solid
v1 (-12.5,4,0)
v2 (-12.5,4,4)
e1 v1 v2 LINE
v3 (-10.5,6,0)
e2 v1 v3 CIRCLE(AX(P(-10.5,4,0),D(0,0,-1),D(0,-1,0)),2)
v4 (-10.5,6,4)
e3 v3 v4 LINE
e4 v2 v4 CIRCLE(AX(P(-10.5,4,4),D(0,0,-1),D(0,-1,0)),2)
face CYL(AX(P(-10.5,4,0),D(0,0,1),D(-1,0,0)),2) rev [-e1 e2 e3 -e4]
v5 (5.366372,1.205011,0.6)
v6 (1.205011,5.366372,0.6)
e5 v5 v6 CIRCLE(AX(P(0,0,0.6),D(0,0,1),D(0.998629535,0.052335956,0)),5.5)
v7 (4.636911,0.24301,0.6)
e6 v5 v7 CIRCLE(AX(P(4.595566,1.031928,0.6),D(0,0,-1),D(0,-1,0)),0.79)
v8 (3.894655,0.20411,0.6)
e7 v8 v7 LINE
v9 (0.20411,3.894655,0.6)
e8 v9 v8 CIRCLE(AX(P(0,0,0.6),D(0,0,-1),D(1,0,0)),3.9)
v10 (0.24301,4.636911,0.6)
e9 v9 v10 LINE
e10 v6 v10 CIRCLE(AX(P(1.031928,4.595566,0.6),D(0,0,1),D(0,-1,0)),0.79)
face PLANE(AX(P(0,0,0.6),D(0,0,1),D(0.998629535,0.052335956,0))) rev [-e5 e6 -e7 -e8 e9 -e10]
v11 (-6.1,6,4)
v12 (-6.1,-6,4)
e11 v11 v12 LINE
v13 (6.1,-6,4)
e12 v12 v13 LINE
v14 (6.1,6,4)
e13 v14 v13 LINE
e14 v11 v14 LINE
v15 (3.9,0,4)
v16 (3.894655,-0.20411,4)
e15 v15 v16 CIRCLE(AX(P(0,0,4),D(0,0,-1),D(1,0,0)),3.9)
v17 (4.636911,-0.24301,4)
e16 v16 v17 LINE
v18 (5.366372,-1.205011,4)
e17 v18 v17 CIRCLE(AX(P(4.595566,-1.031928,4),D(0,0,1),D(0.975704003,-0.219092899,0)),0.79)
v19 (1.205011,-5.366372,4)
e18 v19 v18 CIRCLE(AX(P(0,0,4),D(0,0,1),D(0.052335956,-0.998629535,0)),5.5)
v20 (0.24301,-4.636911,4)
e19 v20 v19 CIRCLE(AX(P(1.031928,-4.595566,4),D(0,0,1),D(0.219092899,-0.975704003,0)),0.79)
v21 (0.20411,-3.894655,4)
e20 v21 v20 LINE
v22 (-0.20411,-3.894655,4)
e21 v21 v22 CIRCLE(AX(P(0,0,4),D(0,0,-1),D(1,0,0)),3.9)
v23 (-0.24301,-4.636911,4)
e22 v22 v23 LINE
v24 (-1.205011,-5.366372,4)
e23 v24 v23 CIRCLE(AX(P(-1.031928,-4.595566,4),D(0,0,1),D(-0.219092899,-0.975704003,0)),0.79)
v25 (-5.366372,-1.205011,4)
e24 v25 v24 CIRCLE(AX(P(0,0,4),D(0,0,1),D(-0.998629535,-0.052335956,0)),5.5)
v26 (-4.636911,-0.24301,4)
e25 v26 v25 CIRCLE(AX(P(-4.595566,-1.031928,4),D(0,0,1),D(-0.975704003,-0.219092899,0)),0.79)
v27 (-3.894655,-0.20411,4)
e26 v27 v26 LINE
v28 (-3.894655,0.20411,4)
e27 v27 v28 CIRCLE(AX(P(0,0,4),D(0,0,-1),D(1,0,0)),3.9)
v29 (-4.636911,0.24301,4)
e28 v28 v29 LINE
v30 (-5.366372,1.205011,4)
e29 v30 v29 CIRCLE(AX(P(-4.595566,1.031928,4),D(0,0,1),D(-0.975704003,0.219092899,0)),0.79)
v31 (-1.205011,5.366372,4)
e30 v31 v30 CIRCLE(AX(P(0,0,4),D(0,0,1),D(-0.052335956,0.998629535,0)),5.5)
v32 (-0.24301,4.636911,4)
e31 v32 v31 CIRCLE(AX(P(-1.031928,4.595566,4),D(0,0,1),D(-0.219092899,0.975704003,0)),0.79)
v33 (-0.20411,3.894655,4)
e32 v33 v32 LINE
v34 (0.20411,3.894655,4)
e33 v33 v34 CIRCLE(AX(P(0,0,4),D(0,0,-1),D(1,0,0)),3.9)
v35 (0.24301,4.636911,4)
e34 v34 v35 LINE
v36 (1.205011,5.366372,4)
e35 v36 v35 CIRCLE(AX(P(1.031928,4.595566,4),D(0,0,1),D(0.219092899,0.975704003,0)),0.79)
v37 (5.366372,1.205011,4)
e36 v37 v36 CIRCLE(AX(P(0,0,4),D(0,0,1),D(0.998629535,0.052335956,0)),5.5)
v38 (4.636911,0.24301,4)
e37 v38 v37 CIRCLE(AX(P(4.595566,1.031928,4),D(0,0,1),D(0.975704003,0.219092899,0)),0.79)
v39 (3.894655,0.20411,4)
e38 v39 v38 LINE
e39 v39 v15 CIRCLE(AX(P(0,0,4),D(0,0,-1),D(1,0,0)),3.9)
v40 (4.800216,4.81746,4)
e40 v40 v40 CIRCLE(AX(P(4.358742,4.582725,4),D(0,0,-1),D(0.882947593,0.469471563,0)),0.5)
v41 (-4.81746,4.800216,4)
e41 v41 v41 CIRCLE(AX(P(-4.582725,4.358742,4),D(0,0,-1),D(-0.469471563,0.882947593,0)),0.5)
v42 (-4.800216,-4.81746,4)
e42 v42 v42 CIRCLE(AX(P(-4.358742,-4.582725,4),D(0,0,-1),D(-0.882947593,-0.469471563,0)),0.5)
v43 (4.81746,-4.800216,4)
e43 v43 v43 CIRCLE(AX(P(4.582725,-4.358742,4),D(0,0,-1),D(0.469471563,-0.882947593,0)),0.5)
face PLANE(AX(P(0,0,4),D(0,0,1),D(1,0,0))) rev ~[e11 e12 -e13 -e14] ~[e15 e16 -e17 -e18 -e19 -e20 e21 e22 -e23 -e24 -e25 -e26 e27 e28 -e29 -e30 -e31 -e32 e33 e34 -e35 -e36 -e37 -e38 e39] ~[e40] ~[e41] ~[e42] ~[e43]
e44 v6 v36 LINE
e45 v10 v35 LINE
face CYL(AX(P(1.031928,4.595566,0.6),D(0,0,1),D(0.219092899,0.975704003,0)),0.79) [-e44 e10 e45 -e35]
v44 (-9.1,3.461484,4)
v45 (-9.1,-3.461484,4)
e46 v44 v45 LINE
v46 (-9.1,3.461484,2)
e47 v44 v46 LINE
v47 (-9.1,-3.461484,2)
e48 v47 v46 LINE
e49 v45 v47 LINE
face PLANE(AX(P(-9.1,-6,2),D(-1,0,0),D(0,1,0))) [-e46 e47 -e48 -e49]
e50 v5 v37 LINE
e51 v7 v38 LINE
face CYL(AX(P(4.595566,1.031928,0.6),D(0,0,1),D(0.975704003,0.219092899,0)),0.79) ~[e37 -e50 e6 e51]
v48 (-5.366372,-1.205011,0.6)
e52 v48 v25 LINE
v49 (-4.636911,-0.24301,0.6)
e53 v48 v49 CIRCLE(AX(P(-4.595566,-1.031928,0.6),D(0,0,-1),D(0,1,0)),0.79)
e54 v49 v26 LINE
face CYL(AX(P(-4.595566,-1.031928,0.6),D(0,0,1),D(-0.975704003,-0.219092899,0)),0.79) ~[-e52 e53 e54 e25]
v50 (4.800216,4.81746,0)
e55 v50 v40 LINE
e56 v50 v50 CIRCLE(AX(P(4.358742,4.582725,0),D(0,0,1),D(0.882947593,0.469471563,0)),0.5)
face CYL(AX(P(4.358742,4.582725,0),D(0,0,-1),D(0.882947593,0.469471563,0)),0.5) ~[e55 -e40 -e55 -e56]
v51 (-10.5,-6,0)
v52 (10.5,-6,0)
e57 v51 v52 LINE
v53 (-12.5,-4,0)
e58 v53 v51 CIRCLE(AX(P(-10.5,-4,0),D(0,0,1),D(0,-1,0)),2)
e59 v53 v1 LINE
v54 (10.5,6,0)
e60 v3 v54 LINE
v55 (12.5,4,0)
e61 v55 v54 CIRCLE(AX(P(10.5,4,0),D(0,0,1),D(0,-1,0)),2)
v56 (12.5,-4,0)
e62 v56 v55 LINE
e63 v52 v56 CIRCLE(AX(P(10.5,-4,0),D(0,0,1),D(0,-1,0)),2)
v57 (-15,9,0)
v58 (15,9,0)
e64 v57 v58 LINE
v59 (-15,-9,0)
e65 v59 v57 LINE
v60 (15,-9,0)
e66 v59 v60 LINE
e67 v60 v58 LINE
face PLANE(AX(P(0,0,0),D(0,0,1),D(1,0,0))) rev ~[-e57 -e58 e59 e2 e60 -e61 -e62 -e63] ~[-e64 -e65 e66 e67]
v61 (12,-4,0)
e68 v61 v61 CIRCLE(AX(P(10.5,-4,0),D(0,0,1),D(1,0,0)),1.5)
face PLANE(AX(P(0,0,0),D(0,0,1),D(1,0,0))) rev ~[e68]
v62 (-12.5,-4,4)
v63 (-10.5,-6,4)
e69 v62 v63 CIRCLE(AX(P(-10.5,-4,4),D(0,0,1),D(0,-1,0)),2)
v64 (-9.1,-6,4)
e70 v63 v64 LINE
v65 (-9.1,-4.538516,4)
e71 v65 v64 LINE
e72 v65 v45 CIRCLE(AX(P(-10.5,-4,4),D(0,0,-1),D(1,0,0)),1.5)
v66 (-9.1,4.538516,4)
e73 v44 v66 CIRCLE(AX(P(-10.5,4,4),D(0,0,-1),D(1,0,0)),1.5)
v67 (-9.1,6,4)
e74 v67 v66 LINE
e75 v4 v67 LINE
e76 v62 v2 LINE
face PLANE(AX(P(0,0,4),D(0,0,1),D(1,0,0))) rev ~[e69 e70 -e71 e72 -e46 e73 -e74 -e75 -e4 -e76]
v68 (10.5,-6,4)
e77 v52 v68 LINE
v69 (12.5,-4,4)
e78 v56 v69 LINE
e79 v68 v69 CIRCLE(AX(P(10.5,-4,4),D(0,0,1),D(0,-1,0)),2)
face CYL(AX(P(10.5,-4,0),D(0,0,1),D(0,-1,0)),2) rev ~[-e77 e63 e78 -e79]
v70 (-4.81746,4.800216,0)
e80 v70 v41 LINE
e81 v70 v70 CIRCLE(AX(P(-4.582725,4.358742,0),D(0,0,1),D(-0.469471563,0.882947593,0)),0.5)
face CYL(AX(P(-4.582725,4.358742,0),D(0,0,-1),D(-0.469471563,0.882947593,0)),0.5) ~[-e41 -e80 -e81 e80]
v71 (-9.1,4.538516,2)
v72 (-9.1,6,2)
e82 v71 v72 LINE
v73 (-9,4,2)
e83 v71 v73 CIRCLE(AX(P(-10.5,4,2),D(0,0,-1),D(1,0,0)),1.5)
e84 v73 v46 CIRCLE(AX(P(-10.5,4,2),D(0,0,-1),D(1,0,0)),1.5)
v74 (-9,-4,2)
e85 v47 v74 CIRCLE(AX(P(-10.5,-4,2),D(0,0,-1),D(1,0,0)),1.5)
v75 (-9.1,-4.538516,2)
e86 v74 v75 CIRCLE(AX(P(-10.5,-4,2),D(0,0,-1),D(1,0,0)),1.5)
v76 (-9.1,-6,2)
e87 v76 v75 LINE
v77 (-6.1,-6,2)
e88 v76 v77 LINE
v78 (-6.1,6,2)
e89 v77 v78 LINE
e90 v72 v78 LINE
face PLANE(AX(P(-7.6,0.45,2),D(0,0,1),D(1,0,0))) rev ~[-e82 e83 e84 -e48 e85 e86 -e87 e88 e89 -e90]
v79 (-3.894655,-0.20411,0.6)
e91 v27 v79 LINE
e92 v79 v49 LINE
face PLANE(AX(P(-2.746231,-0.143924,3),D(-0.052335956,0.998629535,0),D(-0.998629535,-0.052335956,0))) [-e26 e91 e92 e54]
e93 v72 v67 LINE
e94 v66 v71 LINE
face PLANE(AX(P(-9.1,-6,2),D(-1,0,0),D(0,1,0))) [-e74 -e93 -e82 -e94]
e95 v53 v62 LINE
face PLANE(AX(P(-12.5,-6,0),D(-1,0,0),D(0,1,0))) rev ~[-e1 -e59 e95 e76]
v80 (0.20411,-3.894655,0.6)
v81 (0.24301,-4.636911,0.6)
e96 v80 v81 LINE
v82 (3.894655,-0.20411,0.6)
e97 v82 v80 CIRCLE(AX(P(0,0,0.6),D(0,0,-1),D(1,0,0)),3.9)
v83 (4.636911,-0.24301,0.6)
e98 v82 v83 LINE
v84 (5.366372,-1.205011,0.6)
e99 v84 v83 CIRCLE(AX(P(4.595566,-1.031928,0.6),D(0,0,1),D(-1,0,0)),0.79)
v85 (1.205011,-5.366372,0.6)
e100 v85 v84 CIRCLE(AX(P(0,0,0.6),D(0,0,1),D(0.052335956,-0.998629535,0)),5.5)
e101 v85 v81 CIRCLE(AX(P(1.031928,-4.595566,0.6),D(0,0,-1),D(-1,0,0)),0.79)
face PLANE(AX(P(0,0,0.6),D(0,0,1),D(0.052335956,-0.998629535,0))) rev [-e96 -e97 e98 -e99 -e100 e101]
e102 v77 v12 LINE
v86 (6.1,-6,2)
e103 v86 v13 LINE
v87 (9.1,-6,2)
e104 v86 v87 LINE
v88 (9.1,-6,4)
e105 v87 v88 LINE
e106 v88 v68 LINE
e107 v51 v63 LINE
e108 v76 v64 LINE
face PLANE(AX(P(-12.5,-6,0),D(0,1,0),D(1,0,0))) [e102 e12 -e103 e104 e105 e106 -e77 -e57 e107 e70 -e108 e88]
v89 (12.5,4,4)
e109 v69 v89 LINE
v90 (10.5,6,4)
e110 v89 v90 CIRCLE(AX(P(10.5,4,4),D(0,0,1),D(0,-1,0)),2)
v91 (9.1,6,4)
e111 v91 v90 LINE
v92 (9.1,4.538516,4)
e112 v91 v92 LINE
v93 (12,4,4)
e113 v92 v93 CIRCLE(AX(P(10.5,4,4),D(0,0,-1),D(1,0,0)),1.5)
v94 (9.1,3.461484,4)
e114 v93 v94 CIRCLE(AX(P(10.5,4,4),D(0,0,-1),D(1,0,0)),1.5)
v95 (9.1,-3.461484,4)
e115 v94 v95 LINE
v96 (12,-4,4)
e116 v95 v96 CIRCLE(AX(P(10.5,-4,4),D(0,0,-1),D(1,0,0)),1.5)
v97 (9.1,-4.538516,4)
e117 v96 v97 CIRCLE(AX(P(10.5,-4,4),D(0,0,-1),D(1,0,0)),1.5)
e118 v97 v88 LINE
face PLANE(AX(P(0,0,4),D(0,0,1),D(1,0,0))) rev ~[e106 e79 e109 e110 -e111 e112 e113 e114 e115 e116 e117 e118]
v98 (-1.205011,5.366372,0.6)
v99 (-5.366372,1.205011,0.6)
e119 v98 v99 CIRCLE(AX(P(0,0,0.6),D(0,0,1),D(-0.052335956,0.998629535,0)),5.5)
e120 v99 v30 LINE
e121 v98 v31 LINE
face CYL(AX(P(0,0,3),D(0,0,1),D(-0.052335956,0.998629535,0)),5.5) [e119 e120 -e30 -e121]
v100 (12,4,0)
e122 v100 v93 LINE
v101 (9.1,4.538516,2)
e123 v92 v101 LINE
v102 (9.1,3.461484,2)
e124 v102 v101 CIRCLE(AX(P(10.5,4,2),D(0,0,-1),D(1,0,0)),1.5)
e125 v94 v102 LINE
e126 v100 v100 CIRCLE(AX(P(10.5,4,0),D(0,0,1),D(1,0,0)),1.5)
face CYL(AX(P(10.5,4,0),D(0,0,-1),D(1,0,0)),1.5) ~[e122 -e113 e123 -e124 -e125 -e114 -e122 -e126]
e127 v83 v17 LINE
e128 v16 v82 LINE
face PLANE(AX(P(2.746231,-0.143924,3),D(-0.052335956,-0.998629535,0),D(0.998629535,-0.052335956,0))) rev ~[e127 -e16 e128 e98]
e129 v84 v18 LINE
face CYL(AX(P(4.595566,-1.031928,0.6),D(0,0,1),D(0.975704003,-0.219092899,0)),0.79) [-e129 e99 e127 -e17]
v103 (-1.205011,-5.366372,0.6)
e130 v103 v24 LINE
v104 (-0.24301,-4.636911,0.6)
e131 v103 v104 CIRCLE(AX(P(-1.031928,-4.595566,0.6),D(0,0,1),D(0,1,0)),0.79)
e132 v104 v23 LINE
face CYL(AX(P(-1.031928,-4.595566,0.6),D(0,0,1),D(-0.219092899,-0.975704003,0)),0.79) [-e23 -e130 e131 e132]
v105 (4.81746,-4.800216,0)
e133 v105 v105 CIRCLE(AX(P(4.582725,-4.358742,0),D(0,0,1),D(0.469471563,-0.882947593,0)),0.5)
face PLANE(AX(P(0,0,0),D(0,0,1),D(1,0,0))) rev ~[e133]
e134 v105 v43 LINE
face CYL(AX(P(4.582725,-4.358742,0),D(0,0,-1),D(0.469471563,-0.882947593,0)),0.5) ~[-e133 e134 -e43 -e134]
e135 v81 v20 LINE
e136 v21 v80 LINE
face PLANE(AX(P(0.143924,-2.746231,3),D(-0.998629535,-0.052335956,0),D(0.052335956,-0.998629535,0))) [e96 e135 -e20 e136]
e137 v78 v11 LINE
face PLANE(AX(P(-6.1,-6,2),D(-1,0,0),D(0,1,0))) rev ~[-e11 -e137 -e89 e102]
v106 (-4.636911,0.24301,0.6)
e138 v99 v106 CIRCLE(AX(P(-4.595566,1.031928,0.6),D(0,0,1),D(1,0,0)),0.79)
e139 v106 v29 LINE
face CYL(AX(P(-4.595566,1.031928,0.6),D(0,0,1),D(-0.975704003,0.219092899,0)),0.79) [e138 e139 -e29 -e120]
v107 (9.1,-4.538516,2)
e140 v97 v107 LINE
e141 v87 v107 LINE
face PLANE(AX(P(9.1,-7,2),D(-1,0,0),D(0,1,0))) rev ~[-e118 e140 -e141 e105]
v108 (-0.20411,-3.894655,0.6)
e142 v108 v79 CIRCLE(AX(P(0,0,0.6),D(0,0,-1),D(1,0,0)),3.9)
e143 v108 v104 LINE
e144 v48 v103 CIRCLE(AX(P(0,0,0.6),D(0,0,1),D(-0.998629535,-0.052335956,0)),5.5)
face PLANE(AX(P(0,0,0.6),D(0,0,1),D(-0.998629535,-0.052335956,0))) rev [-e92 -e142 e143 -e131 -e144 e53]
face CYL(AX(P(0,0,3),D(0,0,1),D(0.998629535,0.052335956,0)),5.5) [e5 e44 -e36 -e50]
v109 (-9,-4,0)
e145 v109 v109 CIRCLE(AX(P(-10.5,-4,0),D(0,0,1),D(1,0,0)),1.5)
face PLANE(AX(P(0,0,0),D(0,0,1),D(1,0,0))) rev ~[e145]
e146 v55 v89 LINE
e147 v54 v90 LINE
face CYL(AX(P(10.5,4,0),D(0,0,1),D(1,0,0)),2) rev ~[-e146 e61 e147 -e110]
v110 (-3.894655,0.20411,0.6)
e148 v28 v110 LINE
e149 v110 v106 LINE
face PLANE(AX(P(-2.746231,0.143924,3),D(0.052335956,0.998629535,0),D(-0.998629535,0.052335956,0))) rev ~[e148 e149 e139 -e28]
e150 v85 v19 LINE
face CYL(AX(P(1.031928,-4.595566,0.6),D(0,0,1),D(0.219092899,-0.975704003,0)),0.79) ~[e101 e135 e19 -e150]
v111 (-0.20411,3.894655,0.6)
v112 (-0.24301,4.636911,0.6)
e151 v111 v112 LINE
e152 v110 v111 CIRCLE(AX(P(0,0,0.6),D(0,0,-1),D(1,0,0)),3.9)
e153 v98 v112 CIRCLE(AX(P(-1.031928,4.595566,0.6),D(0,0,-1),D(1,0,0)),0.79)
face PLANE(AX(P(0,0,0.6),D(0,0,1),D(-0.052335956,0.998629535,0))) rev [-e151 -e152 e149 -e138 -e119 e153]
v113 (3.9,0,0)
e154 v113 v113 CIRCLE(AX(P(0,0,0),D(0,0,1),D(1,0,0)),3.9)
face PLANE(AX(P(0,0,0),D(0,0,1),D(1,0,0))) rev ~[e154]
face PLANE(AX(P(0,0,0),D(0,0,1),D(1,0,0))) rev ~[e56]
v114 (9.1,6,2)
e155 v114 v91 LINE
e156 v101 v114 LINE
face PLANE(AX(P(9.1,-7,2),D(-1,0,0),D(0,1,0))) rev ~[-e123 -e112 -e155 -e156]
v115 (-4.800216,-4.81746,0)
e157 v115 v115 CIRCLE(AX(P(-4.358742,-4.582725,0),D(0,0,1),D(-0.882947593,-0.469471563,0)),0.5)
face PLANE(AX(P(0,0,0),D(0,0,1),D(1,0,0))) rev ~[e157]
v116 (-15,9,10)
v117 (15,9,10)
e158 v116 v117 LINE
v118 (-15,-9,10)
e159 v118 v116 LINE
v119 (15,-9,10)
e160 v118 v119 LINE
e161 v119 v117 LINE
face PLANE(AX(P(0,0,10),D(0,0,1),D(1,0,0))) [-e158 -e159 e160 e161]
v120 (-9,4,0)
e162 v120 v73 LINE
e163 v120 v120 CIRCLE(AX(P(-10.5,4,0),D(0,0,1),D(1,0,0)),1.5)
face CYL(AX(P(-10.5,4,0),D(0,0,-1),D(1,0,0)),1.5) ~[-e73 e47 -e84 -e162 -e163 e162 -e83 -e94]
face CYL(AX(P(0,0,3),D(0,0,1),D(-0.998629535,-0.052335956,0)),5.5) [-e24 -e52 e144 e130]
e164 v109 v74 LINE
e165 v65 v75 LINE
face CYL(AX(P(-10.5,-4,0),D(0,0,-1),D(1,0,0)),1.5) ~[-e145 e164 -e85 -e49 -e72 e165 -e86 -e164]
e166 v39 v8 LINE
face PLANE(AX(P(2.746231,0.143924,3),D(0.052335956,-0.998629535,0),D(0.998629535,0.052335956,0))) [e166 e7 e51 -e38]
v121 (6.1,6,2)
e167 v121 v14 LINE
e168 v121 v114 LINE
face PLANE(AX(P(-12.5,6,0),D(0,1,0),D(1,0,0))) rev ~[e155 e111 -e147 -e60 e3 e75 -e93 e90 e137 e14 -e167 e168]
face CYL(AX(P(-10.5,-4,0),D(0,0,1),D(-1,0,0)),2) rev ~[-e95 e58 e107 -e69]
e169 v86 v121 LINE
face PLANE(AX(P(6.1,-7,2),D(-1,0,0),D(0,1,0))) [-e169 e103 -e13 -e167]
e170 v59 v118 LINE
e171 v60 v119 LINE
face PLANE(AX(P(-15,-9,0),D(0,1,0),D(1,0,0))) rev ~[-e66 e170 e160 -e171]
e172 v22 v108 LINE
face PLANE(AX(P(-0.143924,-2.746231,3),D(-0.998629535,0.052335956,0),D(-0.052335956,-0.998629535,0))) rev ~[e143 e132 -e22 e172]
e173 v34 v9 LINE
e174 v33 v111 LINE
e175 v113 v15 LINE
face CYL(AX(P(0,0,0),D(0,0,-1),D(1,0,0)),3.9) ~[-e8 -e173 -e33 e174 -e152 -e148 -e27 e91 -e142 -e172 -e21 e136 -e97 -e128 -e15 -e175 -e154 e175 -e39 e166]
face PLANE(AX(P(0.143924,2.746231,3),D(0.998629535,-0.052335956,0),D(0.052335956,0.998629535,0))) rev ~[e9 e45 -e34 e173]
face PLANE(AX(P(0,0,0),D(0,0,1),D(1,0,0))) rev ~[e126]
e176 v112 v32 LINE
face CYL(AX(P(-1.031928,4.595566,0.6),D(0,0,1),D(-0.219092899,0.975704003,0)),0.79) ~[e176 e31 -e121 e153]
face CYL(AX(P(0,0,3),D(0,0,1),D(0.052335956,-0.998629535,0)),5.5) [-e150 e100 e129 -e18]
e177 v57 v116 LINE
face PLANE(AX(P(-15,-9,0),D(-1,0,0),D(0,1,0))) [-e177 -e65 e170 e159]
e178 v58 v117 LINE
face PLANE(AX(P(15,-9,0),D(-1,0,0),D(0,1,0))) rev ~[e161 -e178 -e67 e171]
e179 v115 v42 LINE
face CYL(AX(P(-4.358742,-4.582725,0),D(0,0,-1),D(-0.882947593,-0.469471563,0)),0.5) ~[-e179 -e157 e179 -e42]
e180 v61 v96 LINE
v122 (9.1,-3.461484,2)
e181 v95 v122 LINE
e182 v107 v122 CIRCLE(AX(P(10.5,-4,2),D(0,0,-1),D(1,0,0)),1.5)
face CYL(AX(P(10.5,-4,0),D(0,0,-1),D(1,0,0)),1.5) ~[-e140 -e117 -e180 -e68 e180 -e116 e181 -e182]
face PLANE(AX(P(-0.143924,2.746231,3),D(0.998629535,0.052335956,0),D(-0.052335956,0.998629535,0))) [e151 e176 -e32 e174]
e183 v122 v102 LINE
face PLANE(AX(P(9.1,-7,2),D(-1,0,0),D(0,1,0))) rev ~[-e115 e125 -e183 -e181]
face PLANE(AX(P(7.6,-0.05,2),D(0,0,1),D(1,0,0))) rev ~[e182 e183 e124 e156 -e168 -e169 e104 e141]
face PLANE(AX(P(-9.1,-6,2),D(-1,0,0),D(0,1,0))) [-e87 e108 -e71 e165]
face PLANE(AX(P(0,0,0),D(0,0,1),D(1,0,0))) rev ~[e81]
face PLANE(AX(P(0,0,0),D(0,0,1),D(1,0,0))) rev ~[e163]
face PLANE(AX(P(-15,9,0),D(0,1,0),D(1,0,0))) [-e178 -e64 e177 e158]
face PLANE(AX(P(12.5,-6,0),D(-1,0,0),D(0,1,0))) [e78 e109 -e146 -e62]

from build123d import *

# Parameters (mm, degrees)
CYLINDER045_W               = 5.5
CYLINDER045_H               = 4.8
CYLINDER045_ANGLE           = 84
CYLINDER045_PLACEMENT_ANGLE = 3
FILLET004_R                 = 0.79
ARRAY008_COUNT              = 4
CYLINDER049_R               = 3.9
CYLINDER049_DEPTH           = 10
CYLINDER048_R               = 1.5
CYLINDER048_DEPTH           = 10
ARRAY010_X_COUNT            = 2
ARRAY010_X_PITCH            = 21
ARRAY010_Y_COUNT            = 2
ARRAY010_Y_PITCH            = 8
BOX007_W                    = 3
BOX007_H                    = 12.9
BOX007_DEPTH                = 10
BOX006_W                    = 3
BOX006_H                    = 13.9
BOX006_DEPTH                = 10
CYLINDER061_R               = 0.5
CYLINDER061_DEPTH           = 10
ARRAY015_COUNT              = 4
ARRAY015_PLACEMENT_ANGLE    = 28
BOX004_W                    = 25
BOX004_H                    = 12
BOX004_DEPTH                = 4
FILLET006_R                 = 2
BOX009_W                    = 30
BOX009_H                    = 18
BOX009_DEPTH                = 10


with BuildPart() as array008:
    # Cylinder045 → Cylinder045 (revolve)
    with BuildSketch(Plane.XZ):
        with Locations((2.75, 2.4)):
            Rectangle(CYLINDER045_W, CYLINDER045_H)
    revolve(axis=Axis((0, 0, 0), (0, 0, 1)), revolution_arc=CYLINDER045_ANGLE)


with BuildPart() as array008_1:
    # Cylinder045 placement: moved
    add(array008.part.moved(Location((0, 0, 0.6))).rotate(Axis((0, 0, 0.6), (0, 0, 1)), CYLINDER045_PLACEMENT_ANGLE))

    # Fillet004
    fillet004_edges = [array008_1.edges().sort_by_distance(p)[0] for p in [
        (0.287848, 5.492462, 3),
        (5.492462, 0.287848, 3),
    ]]
    fillet(fillet004_edges, radius=FILLET004_R)

    # Array008: Array008 ×4 about axis
    array008_axis = Axis((0, 0, 0), (0, 0, 1))


with BuildPart() as array008_2:
    add(array008_1.part)
    for i in range(1, ARRAY008_COUNT):
        add(array008_1.part.rotate(array008_axis, i * 360 / ARRAY008_COUNT))


with BuildPart() as mountplateinnerhole003:
    # Cylinder049 → Cylinder049 (new body)
    with BuildSketch(Plane.XY):
        Circle(CYLINDER049_R)
    extrude(amount=CYLINDER049_DEPTH)


with BuildPart() as array010:
    # Cylinder048 → Cylinder048 (new body)
    with BuildSketch(Plane.XY):
        Circle(CYLINDER048_R)
    extrude(amount=CYLINDER048_DEPTH)

    # Array010 X: Array010 ×2


with BuildPart() as array010_1:
    add(array010.part)
    with Locations(*[(i * ARRAY010_X_PITCH, 0, 0) for i in range(1, ARRAY010_X_COUNT)]):
        add(array010.part)

    # Array010 Y: Array010 ×2


with BuildPart() as array010_2:
    add(array010_1.part)
    with Locations(*[(0, i * ARRAY010_Y_PITCH, 0) for i in range(1, ARRAY010_Y_COUNT)]):
        add(array010_1.part)


with BuildPart() as array010_3:
    # Array010 placement: moved
    add(array010_2.part.moved(Location((-10.5, -4, 0))))


with BuildPart() as cube007:
    # Box007 → Box007 (new body)
    with BuildSketch(Plane(origin=(-9.1, -6, 2), x_dir=(1, 0, 0), z_dir=(0, 0, 1))):
        with Locations((1.5, 6.45)):
            Rectangle(BOX007_W, BOX007_H)
    extrude(amount=BOX007_DEPTH)


with BuildPart() as cube006:
    # Box006 → Box006 (new body)
    with BuildSketch(Plane(origin=(6.1, -7, 2), x_dir=(1, 0, 0), z_dir=(0, 0, 1))):
        with Locations((1.5, 6.95)):
            Rectangle(BOX006_W, BOX006_H)
    extrude(amount=BOX006_DEPTH)


with BuildPart() as fusion019:
    # Cylinder061 → Cylinder061 (new body)
    with BuildSketch(Plane(origin=(6, 2, 0), x_dir=(1, 0, 0), z_dir=(0, 0, 1))):
        Circle(CYLINDER061_R)
    extrude(amount=CYLINDER061_DEPTH)

    # Array015: Fusion019 ×4 about axis
    array015_axis = Axis((0, 0, 0), (0, 0, 1))


with BuildPart() as fusion019_1:
    add(fusion019.part)
    for i in range(1, ARRAY015_COUNT):
        add(fusion019.part.rotate(array015_axis, i * 360 / ARRAY015_COUNT))


with BuildPart() as fusion019_2:
    # Array015 placement: moved
    add(fusion019_1.part.rotate(Axis((0, 0, 0), (0, 0, 1)), ARRAY015_PLACEMENT_ANGLE))

    # Fusion019: union Array008, MountPlateInnerHole003, Array010, Cube007, Cube006
    add(array008_2.part)
    add(mountplateinnerhole003.part)
    add(array010_3.part)
    add(cube007.part)
    add(cube006.part)


with BuildPart() as frontplate:
    # Box004 → Box004 (new body)
    with BuildSketch(Plane(origin=(-12.5, -6, 0), x_dir=(1, 0, 0), z_dir=(0, 0, 1))):
        with Locations((12.5, 6)):
            Rectangle(BOX004_W, BOX004_H)
    extrude(amount=BOX004_DEPTH)

    # Fillet006
    fillet006_edges = [frontplate.edges().sort_by_distance(p)[0] for p in [
        (-12.5, -6, 2),
        (-12.5, 6, 2),
        (12.5, -6, 2),
        (12.5, 6, 2),
    ]]
    fillet(fillet006_edges, radius=FILLET006_R)

    # Cut022: cut Fusion019
    add(fusion019_2.part, mode=Mode.SUBTRACT)


with BuildPart() as cut024:
    # Box009 → Box009 (new body)
    with BuildSketch(Plane(origin=(-15, -9, 0), x_dir=(1, 0, 0), z_dir=(0, 0, 1))):
        with Locations((15, 9)):
            Rectangle(BOX009_W, BOX009_H)
    extrude(amount=BOX009_DEPTH)

    # Cut024: cut FrontPlate
    add(frontplate.part, mode=Mode.SUBTRACT)


solid = cut024.part
